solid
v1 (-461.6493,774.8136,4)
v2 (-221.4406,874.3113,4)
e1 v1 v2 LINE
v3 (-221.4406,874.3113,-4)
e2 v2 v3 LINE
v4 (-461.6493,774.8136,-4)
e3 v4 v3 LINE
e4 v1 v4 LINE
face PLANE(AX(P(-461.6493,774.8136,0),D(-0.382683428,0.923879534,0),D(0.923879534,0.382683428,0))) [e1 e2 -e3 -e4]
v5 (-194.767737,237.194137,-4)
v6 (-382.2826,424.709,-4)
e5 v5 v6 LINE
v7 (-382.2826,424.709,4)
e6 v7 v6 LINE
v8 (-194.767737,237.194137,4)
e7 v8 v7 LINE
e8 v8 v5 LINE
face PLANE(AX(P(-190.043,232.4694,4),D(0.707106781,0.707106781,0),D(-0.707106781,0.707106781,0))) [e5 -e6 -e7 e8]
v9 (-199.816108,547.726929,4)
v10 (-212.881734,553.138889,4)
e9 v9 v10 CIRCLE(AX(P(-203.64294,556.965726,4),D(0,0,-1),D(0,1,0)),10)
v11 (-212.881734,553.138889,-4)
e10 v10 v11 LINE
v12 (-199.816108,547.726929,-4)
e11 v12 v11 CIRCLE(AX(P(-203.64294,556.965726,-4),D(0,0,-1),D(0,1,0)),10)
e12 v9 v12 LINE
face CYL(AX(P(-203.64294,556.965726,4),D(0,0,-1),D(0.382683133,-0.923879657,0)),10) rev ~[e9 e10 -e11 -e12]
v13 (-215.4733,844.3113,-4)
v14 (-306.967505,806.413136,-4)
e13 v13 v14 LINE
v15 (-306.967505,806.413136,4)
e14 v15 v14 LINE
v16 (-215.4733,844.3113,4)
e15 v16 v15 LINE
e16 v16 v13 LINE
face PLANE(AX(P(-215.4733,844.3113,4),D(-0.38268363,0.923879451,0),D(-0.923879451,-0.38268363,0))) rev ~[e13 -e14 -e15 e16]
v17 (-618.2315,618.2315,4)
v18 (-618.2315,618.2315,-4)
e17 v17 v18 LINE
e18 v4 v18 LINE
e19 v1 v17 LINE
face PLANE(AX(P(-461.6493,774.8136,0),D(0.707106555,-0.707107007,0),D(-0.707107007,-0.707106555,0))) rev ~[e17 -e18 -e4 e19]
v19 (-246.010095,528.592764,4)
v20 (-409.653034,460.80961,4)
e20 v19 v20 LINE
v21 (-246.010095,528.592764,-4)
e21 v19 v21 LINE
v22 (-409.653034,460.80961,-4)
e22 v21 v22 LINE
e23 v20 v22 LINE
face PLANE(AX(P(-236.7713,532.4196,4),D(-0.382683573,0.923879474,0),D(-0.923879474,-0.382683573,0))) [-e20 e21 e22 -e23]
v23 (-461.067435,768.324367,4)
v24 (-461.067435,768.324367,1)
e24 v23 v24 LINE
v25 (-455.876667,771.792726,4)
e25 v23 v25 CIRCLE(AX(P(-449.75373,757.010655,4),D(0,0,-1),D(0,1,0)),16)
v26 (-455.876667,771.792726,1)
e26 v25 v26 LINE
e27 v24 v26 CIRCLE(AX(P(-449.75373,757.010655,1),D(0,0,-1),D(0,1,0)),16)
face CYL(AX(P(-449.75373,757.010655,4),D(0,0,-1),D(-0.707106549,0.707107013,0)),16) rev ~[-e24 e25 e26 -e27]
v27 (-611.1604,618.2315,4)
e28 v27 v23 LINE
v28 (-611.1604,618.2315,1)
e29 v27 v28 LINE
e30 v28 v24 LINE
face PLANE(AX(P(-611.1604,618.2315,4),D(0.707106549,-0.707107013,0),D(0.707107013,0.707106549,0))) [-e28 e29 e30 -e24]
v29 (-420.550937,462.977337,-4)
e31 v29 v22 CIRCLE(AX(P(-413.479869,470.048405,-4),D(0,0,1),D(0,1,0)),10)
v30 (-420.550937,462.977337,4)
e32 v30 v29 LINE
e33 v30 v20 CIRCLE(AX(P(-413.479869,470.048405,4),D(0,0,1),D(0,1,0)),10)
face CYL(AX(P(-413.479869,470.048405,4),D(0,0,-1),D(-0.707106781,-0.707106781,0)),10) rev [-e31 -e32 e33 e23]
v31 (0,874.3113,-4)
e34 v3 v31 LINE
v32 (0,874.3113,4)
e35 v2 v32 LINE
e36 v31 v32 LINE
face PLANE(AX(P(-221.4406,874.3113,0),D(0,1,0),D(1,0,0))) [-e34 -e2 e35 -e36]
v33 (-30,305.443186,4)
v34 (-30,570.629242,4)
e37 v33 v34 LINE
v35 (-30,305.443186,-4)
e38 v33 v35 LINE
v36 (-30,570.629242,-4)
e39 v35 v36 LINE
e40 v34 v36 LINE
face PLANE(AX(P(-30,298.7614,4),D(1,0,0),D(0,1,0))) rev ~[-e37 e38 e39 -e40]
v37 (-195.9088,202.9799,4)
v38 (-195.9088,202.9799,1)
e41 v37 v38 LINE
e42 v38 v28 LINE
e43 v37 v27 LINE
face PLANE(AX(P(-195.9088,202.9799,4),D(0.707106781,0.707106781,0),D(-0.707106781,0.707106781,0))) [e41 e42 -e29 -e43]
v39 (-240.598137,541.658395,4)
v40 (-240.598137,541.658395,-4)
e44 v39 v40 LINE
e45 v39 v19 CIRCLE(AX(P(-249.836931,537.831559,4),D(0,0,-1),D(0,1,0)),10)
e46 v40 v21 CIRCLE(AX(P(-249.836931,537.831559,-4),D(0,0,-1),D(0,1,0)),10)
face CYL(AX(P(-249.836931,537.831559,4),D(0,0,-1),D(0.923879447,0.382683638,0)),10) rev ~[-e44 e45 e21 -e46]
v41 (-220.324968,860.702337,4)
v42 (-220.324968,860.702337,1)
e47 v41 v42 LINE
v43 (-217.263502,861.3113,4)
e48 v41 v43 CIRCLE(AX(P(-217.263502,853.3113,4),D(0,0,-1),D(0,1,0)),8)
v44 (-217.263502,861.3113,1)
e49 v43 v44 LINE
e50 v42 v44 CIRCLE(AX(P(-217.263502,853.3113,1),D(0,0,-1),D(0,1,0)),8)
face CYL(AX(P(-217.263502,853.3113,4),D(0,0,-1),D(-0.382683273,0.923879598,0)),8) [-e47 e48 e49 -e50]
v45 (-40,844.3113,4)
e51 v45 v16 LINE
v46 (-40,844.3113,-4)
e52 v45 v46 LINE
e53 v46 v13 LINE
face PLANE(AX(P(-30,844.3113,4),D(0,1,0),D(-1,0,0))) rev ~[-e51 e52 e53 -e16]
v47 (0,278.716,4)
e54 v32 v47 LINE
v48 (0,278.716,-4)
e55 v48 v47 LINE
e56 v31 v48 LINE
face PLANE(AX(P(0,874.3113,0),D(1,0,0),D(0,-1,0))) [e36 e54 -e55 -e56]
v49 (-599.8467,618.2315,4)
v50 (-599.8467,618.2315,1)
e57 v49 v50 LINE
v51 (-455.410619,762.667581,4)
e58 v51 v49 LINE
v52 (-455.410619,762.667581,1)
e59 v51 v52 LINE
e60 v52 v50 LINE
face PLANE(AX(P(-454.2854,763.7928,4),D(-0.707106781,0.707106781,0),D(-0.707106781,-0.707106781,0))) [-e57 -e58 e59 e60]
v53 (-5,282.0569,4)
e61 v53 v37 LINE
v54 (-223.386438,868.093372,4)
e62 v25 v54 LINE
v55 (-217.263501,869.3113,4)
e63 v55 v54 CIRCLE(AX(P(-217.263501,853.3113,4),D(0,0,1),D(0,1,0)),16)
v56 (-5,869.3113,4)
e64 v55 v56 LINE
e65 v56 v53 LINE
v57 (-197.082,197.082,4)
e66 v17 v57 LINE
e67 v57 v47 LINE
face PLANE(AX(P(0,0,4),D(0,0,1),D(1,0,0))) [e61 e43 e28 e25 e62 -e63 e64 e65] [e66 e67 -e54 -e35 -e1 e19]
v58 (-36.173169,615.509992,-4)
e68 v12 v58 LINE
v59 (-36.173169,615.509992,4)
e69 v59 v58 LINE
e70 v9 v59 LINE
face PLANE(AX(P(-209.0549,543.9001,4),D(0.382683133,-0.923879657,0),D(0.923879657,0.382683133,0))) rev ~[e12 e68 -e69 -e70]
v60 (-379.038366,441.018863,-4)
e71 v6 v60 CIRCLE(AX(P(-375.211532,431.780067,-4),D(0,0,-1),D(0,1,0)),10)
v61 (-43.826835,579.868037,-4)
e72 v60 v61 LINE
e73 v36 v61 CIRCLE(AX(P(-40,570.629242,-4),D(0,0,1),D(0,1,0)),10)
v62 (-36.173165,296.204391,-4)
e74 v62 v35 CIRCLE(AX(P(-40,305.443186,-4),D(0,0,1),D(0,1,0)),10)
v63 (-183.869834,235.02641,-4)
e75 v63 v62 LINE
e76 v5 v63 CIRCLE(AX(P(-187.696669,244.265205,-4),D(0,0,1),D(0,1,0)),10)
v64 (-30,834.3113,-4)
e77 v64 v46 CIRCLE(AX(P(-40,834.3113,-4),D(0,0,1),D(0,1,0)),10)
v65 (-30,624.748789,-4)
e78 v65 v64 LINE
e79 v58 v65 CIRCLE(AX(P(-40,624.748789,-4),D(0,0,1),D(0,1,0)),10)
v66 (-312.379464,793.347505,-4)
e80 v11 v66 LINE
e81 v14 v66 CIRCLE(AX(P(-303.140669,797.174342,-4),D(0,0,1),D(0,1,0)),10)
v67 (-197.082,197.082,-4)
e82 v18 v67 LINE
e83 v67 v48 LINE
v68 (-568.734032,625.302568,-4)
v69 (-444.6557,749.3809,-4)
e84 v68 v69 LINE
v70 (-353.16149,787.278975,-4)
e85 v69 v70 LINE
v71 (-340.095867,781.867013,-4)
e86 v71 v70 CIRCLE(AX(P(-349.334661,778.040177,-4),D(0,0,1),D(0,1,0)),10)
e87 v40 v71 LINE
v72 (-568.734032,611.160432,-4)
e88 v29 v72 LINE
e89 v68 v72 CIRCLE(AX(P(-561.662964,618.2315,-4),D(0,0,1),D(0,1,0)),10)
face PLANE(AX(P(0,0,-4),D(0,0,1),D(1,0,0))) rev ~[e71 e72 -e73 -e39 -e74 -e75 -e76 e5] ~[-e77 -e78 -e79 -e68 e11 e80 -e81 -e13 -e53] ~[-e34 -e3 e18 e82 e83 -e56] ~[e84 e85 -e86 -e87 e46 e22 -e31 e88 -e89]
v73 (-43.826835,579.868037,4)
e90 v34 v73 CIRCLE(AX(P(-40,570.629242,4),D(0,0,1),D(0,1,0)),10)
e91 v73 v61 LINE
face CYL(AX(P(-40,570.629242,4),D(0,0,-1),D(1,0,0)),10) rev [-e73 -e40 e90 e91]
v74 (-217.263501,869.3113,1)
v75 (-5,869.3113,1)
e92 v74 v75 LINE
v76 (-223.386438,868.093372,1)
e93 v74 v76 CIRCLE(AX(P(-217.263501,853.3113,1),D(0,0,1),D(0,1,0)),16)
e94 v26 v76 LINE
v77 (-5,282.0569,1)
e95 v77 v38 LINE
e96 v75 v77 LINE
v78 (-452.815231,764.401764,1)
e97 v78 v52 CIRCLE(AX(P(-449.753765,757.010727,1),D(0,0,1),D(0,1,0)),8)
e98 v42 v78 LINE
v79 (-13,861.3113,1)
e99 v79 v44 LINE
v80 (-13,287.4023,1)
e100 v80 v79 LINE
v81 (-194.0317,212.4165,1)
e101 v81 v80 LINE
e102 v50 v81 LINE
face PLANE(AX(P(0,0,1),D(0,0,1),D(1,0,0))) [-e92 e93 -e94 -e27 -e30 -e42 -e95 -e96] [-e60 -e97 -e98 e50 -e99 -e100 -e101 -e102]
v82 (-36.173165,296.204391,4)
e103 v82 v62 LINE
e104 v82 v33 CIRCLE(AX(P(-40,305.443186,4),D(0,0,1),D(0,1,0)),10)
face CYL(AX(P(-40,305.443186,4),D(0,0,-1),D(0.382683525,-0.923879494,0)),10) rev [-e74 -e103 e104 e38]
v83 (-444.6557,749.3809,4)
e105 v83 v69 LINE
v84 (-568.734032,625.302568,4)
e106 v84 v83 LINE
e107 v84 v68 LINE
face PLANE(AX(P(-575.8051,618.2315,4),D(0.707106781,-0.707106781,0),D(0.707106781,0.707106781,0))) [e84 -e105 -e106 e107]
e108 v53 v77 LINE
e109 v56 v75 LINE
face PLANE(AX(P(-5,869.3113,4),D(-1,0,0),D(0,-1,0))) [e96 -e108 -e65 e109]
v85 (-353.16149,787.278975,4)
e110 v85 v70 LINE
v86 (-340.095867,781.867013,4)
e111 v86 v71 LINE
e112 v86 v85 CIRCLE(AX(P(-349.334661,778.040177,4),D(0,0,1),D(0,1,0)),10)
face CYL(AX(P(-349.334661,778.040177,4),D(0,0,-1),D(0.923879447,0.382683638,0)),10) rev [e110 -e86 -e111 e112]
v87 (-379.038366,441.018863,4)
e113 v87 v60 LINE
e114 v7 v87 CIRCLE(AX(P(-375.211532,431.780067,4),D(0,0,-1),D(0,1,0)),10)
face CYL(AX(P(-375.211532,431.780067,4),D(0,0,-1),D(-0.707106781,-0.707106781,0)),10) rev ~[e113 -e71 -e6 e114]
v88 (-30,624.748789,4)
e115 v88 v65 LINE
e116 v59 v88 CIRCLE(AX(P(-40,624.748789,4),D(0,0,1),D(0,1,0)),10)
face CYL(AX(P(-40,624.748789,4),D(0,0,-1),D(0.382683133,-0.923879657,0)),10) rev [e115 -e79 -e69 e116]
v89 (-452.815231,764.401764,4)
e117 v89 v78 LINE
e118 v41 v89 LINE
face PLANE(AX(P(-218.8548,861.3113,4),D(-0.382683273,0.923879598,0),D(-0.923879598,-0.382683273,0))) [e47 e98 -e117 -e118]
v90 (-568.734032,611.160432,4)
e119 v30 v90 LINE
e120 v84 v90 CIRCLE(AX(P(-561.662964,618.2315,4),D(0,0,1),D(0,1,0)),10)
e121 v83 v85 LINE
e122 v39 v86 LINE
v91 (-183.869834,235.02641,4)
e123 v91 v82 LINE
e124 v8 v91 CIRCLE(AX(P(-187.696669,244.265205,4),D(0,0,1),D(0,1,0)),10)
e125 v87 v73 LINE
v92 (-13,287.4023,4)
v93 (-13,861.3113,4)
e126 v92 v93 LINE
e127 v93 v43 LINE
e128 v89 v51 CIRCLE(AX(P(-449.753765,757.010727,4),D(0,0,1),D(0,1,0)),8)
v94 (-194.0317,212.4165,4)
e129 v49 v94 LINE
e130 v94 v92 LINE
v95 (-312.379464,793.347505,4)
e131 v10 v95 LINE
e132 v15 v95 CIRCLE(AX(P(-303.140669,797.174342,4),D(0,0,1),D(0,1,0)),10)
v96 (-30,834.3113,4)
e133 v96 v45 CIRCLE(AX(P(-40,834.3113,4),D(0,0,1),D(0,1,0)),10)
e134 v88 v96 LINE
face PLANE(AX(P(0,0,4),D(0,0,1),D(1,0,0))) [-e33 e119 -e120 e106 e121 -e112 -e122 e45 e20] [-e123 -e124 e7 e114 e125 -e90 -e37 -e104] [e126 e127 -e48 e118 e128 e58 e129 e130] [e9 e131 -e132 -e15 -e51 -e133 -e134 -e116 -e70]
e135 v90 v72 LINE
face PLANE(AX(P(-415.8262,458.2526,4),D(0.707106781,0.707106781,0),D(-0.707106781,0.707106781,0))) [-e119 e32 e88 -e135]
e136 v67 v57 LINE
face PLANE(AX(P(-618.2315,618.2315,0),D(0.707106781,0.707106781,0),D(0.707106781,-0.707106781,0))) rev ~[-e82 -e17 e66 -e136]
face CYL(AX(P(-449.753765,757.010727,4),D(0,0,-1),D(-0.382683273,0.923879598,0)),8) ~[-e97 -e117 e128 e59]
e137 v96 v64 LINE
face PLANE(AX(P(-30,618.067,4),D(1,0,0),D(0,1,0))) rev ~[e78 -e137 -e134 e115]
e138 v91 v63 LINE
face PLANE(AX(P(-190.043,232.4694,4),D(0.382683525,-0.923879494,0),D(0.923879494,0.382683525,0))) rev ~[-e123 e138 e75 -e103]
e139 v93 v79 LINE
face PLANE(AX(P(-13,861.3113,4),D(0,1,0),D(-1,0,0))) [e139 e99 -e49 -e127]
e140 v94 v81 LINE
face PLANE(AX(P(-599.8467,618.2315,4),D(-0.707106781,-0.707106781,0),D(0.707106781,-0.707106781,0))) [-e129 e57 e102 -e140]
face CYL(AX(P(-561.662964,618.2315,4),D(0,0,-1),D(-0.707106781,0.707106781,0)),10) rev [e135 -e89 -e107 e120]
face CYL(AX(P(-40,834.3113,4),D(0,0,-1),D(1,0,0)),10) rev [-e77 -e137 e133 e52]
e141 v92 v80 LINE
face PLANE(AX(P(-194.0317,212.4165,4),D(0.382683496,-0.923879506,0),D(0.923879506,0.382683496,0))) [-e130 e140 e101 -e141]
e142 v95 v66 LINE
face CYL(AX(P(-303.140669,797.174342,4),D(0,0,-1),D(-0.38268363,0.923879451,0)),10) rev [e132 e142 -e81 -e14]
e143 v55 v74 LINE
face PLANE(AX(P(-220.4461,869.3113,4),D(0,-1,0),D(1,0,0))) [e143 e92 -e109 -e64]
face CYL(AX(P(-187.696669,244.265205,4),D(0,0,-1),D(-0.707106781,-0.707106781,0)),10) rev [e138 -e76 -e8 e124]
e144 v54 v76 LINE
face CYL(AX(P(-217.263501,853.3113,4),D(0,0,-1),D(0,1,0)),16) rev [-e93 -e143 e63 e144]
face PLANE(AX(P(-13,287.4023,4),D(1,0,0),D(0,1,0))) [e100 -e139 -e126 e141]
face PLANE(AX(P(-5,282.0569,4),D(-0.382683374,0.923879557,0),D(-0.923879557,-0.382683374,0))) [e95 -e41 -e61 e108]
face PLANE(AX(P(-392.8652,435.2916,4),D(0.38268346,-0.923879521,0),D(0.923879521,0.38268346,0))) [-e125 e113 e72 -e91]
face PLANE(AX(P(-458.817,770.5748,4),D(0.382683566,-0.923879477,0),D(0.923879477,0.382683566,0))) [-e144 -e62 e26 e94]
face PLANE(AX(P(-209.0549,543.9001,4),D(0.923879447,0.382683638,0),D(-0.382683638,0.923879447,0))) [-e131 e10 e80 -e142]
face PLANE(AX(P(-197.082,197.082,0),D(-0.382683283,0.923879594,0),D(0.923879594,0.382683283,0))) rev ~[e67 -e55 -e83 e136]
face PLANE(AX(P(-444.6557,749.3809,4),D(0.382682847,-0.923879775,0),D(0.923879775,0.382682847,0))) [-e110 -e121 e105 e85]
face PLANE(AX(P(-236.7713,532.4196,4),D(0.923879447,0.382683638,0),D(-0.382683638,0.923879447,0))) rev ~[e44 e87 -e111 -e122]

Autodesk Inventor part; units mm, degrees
ref_plane "YZ Plane" through (0, 0, 0) normal (1, 0, 0) x (0, 1, 0)
ref_plane "XZ Plane" through (0, 0, 0) normal (0, 1, 0) x (-1, 0, 0)
ref_plane "XY Plane" through (0, 0, 0) normal (0, 0, 1) x (1, 0, 0)
sketch "Sketch1" plane through (0, 0, 0) normal (0, 0, 1) x (1, 0, 0)
  line L0 (0, 278.716) -> (197.082, 197.082) construction
  line L1 (197.082, 197.082) -> (278.716, 0) construction
  line L2 (278.716, 0) -> (197.082, -197.082) construction
  line L3 (197.082, -197.082) -> (0, -278.716) construction
  line L4 (0, -278.716) -> (-197.082, -197.082) construction
  line L5 (-197.082, -197.082) -> (-278.716, 0) construction
  line L6 (-278.716, 0) -> (-197.082, 197.082) construction
  line L7 (-197.082, 197.082) -> (0, 278.716)
  line L8 (-197.082, 197.082) -> (0, 278.716)
  line L9 (-461.6493, 774.8136) -> (-221.4406, 874.3113)
  line L10 (-98.541, 237.899) -> (-341.545, 824.5625) construction
  line L11 (-221.4406, 874.3113) -> (0, 874.3113)
  line L12 (0, 874.3113) -> (0, 278.716)
  line L13 (-461.6493, 774.8136) -> (-618.2315, 618.2315)
  line L14 (-618.2315, 618.2315) -> (-197.082, 197.082)
  point P0 (0, 0)
  point P1 (0, 0)
  dimension "d0" = 515
  dimension "d2" = 260
  dimension "d3" = 635
extrude "Extrusion1" add sketch "Sketch1" along normal mid plane 8
sketch "Sketch2" plane through (0, 0, 4) normal (0, 0, 1) x (1, 0, 0)
  line L0 (-221.4406, 874.3113) -> (-461.6493, 774.8136) projected
  line L1 (-461.6493, 774.8136) -> (-618.2315, 618.2315) projected
  line L2 (-236.7713, 532.4196) -> (-415.8262, 458.2526)
  line L3 (-197.082, 197.082) -> (0, 278.716) projected
  line L4 (-98.541, 237.899) -> (-341.545, 824.5625) construction
  line L5 (-618.2315, 618.2315) -> (-197.082, 197.082) projected
  line L6 (-415.8262, 458.2526) -> (-575.8051, 618.2315)
  line L7 (-575.8051, 618.2315) -> (-444.6557, 749.3809)
  line L8 (-444.6557, 749.3809) -> (-343.9227, 791.1058)
  line L9 (-236.7713, 532.4196) -> (-343.9227, 791.1058)
  line L10 (-209.0549, 543.9001) -> (-30, 618.067)
  line L11 (-30, 618.067) -> (-30, 844.3113)
  line L12 (-30, 844.3113) -> (-215.4733, 844.3113)
  line L13 (-215.4733, 844.3113) -> (-316.2063, 802.5863)
  line L14 (-209.0549, 543.9001) -> (-316.2063, 802.5863)
  line L15 (0, 278.716) -> (0, 874.3113) projected
  line L16 (-415.8262, 458.2526) -> (-30, 618.067) construction
  line L17 (-392.8652, 435.2916) -> (-30, 585.5953)
  line L18 (-190.043, 232.4694) -> (-30, 298.7614)
  line L19 (-30, 298.7614) -> (-30, 585.5953)
  line L20 (-190.043, 232.4694) -> (-392.8652, 435.2916)
  point P0 (0, 0)
  dimension "d11" = 30
  dimension "d12" = 280
  dimension "d13" = 30
  dimension "d14" = 30
  dimension "d15" = 15
  dimension "d21" = 30
  dimension "d22" = 30
  dimension "d23" = 30
  dimension "d24" = 30
extrude "Extrusion2" cut sketch "Sketch2" against normal up to surface (8 mm away)
fillet "Fillet1" radius 10 12 edges at (-575.8051, 618.2315, 0) (-343.9227, 791.1058, 0) (-236.7713, 532.4196, 0) (-415.8262, 458.2526, 0) (-316.2063, 802.5863, 0) (-30, 844.3113, 0) (-30, 618.067, 0) (-209.0549, 543.9001, 0) (-392.8652, 435.2916, 0) (-30, 585.5953, 0) (-30, 298.7614, 0) (-190.043, 232.4694, 0)
sketch "Sketch4" plane through (0, 0, 4) normal (0, 0, 1) x (1, 0, 0)
  line L0 (-221.4406, 874.3113) -> (-461.6493, 774.8136) projected
  line L1 (0, 874.3113) -> (-221.4406, 874.3113) projected
  line L2 (-461.6493, 774.8136) -> (-618.2315, 618.2315) projected
  line L3 (-618.2315, 618.2315) -> (-197.082, 197.082) projected
  line L4 (-197.082, 197.082) -> (0, 278.716) projected
  line L5 (0, 278.716) -> (0, 874.3113) projected
  line L6 (-458.817, 770.5748) -> (-220.4461, 869.3113)
  line L7 (-220.4461, 869.3113) -> (-5, 869.3113)
  line L8 (-5, 869.3113) -> (-5, 282.0569)
  line L9 (-5, 282.0569) -> (-195.9088, 202.9799)
  line L10 (-195.9088, 202.9799) -> (-611.1604, 618.2315)
  line L11 (-611.1604, 618.2315) -> (-458.817, 770.5748)
  line L12 (-218.8548, 861.3113) -> (-454.2854, 763.7928)
  line L13 (-454.2854, 763.7928) -> (-599.8467, 618.2315)
  line L14 (-599.8467, 618.2315) -> (-194.0317, 212.4165)
  line L15 (-194.0317, 212.4165) -> (-13, 287.4023)
  line L16 (-13, 287.4023) -> (-13, 861.3113)
  line L17 (-13, 861.3113) -> (-218.8548, 861.3113)
  point P0 (0, 0)
  dimension "d26" = 5
  dimension "d27" = 8
extrude "Extrusion3" cut sketch "Sketch4" against normal blind 3 contours L6 L7 L8 L9 L10 L11
fillet "Fillet3" radius 16 2 edges at (-220.4461, 869.3113, 2.5) (-458.817, 770.5748, 2.5)
fillet "Fillet4" radius 8 2 edges at (-454.2854, 763.7928, 2.5) (-218.8548, 861.3113, 2.5)
equation "\"d0\" = Барабан_размер_по_плоскостям"
equation "\"d2\" = Кассета_длина_грани"
equation "\"d3\" = Кассета_высота"
equation "\"d11\" = d13"
equation "\"d14\" = d13"
equation "\"d15\" = 0.5 * d13"
equation "\"d21\" = d13"
equation "\"d22\" = d13"
equation "\"d23\" = d13"
equation "\"d24\" = d13"
equation "\"Барабан_размер_по_плоскостям\" = 515"
equation "\"Кассета_длина_грани\" = 260"
equation "\"Кассета_высота\" = 635"
properties part number "DMF 01 51 outside frame v2.1"
